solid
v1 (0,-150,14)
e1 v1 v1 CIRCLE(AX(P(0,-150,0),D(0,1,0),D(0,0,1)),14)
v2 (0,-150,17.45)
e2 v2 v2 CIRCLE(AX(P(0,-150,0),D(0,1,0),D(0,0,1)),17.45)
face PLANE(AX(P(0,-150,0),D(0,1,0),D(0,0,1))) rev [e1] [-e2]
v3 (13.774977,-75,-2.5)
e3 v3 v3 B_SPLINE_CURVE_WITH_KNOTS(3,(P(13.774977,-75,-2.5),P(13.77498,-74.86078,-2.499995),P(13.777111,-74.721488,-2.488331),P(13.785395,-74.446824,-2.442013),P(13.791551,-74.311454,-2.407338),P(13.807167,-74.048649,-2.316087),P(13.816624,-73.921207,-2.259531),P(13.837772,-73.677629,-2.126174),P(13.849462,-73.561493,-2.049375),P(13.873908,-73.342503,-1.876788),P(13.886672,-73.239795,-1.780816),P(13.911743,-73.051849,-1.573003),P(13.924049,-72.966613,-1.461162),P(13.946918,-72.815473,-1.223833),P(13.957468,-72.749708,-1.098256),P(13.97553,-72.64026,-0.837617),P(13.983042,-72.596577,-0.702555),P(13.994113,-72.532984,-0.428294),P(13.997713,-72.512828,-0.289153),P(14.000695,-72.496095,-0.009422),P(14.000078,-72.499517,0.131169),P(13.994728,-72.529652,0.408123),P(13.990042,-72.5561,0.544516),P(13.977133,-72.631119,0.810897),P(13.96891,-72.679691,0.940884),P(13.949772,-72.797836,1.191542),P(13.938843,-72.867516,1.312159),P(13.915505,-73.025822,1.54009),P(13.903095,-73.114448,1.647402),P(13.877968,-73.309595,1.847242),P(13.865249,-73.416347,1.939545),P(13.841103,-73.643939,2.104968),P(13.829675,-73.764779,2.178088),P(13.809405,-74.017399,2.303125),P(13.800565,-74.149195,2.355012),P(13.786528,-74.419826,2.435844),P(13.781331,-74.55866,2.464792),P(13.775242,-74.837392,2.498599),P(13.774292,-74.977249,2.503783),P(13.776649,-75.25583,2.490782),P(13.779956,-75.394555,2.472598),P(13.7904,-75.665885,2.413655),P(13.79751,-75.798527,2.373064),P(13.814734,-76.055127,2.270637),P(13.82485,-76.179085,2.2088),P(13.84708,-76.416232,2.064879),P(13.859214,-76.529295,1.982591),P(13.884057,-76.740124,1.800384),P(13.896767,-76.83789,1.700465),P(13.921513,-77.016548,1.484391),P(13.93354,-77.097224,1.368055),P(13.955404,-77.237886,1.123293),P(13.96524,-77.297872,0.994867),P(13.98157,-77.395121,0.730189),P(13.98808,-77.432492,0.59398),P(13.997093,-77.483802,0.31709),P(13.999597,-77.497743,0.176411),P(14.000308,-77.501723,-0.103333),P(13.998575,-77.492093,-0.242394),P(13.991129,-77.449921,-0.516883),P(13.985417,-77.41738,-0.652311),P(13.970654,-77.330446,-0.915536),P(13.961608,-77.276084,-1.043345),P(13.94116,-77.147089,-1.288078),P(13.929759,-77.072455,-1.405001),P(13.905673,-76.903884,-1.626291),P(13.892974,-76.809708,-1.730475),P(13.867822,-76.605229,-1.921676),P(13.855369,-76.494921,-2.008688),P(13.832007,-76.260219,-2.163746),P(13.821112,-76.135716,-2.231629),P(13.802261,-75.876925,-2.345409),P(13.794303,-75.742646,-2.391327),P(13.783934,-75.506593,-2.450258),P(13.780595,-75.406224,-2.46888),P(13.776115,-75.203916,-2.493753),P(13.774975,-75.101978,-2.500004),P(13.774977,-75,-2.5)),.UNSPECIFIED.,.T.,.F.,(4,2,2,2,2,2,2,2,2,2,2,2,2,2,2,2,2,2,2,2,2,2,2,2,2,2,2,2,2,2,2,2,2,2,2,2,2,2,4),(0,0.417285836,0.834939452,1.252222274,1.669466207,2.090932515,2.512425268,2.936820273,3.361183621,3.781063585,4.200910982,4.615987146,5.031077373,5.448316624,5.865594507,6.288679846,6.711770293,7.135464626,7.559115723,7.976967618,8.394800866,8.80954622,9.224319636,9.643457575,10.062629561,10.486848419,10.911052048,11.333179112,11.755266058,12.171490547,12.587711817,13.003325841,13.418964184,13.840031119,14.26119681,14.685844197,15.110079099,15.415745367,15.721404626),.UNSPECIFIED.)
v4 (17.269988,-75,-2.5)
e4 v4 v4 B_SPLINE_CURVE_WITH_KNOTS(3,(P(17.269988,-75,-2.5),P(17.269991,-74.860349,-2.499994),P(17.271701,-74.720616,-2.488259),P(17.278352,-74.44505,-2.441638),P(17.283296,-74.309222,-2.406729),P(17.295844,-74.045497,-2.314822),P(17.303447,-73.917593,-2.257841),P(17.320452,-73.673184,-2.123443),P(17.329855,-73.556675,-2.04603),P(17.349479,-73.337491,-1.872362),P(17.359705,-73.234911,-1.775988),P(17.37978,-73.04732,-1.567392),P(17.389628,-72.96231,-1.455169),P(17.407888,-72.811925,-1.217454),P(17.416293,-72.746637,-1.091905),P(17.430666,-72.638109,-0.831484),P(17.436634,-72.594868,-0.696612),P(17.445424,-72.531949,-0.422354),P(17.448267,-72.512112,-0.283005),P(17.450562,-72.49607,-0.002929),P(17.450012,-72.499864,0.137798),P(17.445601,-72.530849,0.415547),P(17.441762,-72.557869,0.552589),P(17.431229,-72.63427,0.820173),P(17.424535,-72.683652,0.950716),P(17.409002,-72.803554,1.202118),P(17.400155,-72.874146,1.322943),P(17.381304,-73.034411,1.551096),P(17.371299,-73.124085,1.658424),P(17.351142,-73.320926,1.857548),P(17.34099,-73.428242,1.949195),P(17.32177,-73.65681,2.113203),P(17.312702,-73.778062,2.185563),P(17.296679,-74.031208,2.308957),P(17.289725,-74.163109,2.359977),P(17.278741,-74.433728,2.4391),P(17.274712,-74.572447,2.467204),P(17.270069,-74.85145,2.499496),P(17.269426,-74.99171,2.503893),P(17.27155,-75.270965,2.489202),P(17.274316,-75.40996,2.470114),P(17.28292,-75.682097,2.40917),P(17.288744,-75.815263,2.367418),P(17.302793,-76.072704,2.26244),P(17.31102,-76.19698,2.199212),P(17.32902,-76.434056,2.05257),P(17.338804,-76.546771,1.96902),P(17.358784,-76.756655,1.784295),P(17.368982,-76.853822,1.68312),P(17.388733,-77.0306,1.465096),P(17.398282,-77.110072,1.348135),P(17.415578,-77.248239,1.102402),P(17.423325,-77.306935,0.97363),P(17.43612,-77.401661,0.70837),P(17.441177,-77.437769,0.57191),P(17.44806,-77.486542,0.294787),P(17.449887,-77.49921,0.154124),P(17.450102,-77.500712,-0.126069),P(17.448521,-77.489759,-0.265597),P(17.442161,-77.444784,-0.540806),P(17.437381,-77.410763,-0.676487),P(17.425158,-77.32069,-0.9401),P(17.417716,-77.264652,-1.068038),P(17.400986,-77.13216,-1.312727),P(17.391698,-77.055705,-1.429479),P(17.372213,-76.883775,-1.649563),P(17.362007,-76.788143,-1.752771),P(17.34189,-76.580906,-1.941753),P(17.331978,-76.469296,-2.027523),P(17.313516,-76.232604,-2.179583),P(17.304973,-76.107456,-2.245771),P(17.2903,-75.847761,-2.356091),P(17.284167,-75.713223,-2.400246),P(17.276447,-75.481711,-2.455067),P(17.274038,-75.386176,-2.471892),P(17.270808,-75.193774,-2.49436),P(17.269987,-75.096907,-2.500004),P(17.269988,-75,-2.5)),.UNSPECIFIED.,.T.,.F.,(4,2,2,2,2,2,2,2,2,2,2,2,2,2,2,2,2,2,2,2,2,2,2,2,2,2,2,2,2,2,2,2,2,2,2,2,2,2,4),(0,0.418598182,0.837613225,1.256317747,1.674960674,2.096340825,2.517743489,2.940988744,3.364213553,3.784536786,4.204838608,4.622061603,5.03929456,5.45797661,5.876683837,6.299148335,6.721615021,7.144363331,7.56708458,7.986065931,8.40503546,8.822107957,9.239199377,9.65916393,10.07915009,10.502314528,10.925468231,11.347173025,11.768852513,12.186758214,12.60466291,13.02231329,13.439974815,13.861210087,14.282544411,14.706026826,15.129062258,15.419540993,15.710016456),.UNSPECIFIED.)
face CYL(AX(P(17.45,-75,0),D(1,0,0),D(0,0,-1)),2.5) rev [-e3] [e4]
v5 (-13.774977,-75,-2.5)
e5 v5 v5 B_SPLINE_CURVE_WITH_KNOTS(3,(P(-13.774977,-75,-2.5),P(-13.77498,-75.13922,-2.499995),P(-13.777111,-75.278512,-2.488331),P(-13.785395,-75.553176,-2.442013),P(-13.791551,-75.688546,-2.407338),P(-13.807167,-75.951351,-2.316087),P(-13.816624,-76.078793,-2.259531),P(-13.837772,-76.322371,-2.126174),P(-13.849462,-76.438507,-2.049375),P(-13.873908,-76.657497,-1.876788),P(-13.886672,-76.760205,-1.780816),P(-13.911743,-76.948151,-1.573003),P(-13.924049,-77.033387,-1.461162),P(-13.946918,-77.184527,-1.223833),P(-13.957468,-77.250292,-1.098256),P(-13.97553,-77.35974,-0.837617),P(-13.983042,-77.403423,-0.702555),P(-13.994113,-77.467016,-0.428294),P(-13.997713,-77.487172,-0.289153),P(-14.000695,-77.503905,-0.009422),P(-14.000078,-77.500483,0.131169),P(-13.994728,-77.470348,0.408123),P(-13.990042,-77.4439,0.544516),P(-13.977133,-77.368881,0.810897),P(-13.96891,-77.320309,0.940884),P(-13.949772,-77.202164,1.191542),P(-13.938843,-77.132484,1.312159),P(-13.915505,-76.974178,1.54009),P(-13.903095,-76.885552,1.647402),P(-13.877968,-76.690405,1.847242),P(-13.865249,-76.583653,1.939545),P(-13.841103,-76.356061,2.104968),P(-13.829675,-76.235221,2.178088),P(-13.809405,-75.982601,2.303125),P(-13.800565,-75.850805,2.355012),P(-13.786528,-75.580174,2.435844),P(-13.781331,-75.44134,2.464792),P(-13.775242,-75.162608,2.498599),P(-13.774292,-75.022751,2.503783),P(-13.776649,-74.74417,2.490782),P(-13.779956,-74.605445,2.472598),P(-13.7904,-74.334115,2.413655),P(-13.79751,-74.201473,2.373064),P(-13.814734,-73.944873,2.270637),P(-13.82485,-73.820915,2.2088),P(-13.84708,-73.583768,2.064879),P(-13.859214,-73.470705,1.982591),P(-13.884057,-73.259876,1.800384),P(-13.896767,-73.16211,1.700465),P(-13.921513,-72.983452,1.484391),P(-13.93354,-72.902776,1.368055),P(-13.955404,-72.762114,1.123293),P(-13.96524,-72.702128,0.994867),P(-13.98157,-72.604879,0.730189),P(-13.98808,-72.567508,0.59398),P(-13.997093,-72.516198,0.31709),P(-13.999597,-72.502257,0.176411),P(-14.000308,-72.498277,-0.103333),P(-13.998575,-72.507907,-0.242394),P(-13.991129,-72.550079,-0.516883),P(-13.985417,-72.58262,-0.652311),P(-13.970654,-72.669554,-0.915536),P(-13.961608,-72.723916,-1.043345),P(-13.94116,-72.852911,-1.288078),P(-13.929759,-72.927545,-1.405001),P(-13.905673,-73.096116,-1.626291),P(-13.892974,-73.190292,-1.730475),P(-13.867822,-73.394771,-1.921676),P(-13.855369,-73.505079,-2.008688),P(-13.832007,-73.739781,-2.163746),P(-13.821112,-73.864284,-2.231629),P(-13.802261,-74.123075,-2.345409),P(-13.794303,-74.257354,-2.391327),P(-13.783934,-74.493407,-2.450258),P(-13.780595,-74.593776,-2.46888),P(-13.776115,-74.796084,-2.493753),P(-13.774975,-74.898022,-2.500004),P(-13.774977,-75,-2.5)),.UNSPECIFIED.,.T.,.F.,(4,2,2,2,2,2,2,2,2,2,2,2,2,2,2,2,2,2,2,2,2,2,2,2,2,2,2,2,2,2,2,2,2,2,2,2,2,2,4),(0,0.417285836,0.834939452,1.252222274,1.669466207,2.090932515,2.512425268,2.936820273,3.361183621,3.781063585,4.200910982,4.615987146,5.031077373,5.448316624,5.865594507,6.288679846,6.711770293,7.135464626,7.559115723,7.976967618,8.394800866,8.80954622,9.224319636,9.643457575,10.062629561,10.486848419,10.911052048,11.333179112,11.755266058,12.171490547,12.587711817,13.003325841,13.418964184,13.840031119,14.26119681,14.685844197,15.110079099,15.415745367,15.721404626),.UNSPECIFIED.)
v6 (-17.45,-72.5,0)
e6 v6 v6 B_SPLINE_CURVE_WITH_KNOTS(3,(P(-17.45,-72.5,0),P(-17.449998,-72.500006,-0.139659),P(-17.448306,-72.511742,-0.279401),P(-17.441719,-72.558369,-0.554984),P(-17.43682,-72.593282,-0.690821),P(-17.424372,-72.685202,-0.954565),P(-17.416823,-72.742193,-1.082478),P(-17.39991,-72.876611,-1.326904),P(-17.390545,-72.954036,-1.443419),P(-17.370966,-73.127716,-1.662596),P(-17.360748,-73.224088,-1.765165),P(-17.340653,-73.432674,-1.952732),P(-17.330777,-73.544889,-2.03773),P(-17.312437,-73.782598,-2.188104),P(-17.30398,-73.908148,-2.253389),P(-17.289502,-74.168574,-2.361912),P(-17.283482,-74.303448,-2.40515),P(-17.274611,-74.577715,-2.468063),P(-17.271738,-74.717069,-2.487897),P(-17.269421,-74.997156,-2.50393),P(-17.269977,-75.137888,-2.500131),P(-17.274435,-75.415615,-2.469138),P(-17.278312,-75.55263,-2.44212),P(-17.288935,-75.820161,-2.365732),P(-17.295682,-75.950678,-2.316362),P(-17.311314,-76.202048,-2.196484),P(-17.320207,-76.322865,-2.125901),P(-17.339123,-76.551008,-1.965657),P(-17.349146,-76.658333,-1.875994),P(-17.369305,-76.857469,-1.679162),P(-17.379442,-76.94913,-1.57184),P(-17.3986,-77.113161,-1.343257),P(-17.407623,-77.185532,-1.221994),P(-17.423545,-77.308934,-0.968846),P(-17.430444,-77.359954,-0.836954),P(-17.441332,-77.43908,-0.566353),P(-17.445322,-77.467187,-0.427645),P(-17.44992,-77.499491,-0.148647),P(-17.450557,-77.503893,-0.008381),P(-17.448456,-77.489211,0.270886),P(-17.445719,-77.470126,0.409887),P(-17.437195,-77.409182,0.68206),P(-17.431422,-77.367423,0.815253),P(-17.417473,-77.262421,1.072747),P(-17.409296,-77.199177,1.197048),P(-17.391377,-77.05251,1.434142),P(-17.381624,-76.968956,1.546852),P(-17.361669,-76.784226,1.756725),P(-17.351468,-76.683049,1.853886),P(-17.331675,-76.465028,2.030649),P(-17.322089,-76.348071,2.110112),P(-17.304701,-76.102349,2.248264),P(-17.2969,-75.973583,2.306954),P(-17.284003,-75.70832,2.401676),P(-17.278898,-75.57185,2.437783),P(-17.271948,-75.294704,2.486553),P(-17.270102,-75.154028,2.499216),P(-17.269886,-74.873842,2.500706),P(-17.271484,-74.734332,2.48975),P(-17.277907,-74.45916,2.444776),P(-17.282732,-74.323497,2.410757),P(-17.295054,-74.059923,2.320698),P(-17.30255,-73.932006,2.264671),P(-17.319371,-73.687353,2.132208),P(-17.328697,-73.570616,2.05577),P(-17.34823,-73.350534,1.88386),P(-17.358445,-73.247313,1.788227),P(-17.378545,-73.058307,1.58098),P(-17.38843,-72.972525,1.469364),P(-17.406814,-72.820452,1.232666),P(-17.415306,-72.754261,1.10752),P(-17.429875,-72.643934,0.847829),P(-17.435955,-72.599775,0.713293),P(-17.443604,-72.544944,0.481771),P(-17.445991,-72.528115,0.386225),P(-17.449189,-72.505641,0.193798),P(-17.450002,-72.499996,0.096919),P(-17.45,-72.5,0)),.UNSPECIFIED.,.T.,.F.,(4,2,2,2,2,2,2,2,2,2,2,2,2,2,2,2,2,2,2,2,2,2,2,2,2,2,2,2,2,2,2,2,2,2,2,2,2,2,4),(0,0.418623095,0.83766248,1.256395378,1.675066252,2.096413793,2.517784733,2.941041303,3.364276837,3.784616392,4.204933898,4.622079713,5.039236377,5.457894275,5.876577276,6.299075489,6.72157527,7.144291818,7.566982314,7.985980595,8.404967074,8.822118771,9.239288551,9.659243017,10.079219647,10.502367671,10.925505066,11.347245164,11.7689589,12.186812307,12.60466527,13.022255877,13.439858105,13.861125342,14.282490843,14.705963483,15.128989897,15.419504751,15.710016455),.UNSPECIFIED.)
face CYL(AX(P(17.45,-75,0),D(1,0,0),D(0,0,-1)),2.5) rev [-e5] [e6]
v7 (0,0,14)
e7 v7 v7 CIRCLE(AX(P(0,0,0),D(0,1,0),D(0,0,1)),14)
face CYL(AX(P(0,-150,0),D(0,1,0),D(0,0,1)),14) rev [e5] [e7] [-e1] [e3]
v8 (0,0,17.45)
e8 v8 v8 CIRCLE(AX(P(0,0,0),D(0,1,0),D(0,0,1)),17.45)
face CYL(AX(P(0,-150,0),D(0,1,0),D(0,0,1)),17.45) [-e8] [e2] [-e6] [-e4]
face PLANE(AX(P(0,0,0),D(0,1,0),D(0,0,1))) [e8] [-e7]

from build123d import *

# Parameters (mm, degrees)
SKETCH2_R                   = 17.45
SKETCH2_R_2                 = 14
BOSS_EXTRUDE1_DEPTH         = 150
TAP_DRILL_FOR_M6X1_0_TAP1_D = 5


with BuildPart() as part:
    # Sketch2 → Boss-Extrude1 (new body)
    with BuildSketch(Plane(origin=(0, 0, 0), x_dir=(1, 0, 0), z_dir=(0, 1, 0))):
        with Locations(Location((0, 0, 0), (0, 0, 270))):
            Circle(SKETCH2_R)
        with Locations(Location((0, 0, 0), (0, 0, 270))):
            Circle(SKETCH2_R_2, mode=Mode.SUBTRACT)
    extrude(amount=-BOSS_EXTRUDE1_DEPTH)

    # Tap Drill for M6x1.0 Tap1 (through all)
    with Locations(Plane(origin=(17.45, 0, 0), x_dir=(0, 0, -1), z_dir=(1, 0, 0))):
        with Locations((0, -75)):
            Hole(TAP_DRILL_FOR_M6X1_0_TAP1_D / 2)


solid = part.part
